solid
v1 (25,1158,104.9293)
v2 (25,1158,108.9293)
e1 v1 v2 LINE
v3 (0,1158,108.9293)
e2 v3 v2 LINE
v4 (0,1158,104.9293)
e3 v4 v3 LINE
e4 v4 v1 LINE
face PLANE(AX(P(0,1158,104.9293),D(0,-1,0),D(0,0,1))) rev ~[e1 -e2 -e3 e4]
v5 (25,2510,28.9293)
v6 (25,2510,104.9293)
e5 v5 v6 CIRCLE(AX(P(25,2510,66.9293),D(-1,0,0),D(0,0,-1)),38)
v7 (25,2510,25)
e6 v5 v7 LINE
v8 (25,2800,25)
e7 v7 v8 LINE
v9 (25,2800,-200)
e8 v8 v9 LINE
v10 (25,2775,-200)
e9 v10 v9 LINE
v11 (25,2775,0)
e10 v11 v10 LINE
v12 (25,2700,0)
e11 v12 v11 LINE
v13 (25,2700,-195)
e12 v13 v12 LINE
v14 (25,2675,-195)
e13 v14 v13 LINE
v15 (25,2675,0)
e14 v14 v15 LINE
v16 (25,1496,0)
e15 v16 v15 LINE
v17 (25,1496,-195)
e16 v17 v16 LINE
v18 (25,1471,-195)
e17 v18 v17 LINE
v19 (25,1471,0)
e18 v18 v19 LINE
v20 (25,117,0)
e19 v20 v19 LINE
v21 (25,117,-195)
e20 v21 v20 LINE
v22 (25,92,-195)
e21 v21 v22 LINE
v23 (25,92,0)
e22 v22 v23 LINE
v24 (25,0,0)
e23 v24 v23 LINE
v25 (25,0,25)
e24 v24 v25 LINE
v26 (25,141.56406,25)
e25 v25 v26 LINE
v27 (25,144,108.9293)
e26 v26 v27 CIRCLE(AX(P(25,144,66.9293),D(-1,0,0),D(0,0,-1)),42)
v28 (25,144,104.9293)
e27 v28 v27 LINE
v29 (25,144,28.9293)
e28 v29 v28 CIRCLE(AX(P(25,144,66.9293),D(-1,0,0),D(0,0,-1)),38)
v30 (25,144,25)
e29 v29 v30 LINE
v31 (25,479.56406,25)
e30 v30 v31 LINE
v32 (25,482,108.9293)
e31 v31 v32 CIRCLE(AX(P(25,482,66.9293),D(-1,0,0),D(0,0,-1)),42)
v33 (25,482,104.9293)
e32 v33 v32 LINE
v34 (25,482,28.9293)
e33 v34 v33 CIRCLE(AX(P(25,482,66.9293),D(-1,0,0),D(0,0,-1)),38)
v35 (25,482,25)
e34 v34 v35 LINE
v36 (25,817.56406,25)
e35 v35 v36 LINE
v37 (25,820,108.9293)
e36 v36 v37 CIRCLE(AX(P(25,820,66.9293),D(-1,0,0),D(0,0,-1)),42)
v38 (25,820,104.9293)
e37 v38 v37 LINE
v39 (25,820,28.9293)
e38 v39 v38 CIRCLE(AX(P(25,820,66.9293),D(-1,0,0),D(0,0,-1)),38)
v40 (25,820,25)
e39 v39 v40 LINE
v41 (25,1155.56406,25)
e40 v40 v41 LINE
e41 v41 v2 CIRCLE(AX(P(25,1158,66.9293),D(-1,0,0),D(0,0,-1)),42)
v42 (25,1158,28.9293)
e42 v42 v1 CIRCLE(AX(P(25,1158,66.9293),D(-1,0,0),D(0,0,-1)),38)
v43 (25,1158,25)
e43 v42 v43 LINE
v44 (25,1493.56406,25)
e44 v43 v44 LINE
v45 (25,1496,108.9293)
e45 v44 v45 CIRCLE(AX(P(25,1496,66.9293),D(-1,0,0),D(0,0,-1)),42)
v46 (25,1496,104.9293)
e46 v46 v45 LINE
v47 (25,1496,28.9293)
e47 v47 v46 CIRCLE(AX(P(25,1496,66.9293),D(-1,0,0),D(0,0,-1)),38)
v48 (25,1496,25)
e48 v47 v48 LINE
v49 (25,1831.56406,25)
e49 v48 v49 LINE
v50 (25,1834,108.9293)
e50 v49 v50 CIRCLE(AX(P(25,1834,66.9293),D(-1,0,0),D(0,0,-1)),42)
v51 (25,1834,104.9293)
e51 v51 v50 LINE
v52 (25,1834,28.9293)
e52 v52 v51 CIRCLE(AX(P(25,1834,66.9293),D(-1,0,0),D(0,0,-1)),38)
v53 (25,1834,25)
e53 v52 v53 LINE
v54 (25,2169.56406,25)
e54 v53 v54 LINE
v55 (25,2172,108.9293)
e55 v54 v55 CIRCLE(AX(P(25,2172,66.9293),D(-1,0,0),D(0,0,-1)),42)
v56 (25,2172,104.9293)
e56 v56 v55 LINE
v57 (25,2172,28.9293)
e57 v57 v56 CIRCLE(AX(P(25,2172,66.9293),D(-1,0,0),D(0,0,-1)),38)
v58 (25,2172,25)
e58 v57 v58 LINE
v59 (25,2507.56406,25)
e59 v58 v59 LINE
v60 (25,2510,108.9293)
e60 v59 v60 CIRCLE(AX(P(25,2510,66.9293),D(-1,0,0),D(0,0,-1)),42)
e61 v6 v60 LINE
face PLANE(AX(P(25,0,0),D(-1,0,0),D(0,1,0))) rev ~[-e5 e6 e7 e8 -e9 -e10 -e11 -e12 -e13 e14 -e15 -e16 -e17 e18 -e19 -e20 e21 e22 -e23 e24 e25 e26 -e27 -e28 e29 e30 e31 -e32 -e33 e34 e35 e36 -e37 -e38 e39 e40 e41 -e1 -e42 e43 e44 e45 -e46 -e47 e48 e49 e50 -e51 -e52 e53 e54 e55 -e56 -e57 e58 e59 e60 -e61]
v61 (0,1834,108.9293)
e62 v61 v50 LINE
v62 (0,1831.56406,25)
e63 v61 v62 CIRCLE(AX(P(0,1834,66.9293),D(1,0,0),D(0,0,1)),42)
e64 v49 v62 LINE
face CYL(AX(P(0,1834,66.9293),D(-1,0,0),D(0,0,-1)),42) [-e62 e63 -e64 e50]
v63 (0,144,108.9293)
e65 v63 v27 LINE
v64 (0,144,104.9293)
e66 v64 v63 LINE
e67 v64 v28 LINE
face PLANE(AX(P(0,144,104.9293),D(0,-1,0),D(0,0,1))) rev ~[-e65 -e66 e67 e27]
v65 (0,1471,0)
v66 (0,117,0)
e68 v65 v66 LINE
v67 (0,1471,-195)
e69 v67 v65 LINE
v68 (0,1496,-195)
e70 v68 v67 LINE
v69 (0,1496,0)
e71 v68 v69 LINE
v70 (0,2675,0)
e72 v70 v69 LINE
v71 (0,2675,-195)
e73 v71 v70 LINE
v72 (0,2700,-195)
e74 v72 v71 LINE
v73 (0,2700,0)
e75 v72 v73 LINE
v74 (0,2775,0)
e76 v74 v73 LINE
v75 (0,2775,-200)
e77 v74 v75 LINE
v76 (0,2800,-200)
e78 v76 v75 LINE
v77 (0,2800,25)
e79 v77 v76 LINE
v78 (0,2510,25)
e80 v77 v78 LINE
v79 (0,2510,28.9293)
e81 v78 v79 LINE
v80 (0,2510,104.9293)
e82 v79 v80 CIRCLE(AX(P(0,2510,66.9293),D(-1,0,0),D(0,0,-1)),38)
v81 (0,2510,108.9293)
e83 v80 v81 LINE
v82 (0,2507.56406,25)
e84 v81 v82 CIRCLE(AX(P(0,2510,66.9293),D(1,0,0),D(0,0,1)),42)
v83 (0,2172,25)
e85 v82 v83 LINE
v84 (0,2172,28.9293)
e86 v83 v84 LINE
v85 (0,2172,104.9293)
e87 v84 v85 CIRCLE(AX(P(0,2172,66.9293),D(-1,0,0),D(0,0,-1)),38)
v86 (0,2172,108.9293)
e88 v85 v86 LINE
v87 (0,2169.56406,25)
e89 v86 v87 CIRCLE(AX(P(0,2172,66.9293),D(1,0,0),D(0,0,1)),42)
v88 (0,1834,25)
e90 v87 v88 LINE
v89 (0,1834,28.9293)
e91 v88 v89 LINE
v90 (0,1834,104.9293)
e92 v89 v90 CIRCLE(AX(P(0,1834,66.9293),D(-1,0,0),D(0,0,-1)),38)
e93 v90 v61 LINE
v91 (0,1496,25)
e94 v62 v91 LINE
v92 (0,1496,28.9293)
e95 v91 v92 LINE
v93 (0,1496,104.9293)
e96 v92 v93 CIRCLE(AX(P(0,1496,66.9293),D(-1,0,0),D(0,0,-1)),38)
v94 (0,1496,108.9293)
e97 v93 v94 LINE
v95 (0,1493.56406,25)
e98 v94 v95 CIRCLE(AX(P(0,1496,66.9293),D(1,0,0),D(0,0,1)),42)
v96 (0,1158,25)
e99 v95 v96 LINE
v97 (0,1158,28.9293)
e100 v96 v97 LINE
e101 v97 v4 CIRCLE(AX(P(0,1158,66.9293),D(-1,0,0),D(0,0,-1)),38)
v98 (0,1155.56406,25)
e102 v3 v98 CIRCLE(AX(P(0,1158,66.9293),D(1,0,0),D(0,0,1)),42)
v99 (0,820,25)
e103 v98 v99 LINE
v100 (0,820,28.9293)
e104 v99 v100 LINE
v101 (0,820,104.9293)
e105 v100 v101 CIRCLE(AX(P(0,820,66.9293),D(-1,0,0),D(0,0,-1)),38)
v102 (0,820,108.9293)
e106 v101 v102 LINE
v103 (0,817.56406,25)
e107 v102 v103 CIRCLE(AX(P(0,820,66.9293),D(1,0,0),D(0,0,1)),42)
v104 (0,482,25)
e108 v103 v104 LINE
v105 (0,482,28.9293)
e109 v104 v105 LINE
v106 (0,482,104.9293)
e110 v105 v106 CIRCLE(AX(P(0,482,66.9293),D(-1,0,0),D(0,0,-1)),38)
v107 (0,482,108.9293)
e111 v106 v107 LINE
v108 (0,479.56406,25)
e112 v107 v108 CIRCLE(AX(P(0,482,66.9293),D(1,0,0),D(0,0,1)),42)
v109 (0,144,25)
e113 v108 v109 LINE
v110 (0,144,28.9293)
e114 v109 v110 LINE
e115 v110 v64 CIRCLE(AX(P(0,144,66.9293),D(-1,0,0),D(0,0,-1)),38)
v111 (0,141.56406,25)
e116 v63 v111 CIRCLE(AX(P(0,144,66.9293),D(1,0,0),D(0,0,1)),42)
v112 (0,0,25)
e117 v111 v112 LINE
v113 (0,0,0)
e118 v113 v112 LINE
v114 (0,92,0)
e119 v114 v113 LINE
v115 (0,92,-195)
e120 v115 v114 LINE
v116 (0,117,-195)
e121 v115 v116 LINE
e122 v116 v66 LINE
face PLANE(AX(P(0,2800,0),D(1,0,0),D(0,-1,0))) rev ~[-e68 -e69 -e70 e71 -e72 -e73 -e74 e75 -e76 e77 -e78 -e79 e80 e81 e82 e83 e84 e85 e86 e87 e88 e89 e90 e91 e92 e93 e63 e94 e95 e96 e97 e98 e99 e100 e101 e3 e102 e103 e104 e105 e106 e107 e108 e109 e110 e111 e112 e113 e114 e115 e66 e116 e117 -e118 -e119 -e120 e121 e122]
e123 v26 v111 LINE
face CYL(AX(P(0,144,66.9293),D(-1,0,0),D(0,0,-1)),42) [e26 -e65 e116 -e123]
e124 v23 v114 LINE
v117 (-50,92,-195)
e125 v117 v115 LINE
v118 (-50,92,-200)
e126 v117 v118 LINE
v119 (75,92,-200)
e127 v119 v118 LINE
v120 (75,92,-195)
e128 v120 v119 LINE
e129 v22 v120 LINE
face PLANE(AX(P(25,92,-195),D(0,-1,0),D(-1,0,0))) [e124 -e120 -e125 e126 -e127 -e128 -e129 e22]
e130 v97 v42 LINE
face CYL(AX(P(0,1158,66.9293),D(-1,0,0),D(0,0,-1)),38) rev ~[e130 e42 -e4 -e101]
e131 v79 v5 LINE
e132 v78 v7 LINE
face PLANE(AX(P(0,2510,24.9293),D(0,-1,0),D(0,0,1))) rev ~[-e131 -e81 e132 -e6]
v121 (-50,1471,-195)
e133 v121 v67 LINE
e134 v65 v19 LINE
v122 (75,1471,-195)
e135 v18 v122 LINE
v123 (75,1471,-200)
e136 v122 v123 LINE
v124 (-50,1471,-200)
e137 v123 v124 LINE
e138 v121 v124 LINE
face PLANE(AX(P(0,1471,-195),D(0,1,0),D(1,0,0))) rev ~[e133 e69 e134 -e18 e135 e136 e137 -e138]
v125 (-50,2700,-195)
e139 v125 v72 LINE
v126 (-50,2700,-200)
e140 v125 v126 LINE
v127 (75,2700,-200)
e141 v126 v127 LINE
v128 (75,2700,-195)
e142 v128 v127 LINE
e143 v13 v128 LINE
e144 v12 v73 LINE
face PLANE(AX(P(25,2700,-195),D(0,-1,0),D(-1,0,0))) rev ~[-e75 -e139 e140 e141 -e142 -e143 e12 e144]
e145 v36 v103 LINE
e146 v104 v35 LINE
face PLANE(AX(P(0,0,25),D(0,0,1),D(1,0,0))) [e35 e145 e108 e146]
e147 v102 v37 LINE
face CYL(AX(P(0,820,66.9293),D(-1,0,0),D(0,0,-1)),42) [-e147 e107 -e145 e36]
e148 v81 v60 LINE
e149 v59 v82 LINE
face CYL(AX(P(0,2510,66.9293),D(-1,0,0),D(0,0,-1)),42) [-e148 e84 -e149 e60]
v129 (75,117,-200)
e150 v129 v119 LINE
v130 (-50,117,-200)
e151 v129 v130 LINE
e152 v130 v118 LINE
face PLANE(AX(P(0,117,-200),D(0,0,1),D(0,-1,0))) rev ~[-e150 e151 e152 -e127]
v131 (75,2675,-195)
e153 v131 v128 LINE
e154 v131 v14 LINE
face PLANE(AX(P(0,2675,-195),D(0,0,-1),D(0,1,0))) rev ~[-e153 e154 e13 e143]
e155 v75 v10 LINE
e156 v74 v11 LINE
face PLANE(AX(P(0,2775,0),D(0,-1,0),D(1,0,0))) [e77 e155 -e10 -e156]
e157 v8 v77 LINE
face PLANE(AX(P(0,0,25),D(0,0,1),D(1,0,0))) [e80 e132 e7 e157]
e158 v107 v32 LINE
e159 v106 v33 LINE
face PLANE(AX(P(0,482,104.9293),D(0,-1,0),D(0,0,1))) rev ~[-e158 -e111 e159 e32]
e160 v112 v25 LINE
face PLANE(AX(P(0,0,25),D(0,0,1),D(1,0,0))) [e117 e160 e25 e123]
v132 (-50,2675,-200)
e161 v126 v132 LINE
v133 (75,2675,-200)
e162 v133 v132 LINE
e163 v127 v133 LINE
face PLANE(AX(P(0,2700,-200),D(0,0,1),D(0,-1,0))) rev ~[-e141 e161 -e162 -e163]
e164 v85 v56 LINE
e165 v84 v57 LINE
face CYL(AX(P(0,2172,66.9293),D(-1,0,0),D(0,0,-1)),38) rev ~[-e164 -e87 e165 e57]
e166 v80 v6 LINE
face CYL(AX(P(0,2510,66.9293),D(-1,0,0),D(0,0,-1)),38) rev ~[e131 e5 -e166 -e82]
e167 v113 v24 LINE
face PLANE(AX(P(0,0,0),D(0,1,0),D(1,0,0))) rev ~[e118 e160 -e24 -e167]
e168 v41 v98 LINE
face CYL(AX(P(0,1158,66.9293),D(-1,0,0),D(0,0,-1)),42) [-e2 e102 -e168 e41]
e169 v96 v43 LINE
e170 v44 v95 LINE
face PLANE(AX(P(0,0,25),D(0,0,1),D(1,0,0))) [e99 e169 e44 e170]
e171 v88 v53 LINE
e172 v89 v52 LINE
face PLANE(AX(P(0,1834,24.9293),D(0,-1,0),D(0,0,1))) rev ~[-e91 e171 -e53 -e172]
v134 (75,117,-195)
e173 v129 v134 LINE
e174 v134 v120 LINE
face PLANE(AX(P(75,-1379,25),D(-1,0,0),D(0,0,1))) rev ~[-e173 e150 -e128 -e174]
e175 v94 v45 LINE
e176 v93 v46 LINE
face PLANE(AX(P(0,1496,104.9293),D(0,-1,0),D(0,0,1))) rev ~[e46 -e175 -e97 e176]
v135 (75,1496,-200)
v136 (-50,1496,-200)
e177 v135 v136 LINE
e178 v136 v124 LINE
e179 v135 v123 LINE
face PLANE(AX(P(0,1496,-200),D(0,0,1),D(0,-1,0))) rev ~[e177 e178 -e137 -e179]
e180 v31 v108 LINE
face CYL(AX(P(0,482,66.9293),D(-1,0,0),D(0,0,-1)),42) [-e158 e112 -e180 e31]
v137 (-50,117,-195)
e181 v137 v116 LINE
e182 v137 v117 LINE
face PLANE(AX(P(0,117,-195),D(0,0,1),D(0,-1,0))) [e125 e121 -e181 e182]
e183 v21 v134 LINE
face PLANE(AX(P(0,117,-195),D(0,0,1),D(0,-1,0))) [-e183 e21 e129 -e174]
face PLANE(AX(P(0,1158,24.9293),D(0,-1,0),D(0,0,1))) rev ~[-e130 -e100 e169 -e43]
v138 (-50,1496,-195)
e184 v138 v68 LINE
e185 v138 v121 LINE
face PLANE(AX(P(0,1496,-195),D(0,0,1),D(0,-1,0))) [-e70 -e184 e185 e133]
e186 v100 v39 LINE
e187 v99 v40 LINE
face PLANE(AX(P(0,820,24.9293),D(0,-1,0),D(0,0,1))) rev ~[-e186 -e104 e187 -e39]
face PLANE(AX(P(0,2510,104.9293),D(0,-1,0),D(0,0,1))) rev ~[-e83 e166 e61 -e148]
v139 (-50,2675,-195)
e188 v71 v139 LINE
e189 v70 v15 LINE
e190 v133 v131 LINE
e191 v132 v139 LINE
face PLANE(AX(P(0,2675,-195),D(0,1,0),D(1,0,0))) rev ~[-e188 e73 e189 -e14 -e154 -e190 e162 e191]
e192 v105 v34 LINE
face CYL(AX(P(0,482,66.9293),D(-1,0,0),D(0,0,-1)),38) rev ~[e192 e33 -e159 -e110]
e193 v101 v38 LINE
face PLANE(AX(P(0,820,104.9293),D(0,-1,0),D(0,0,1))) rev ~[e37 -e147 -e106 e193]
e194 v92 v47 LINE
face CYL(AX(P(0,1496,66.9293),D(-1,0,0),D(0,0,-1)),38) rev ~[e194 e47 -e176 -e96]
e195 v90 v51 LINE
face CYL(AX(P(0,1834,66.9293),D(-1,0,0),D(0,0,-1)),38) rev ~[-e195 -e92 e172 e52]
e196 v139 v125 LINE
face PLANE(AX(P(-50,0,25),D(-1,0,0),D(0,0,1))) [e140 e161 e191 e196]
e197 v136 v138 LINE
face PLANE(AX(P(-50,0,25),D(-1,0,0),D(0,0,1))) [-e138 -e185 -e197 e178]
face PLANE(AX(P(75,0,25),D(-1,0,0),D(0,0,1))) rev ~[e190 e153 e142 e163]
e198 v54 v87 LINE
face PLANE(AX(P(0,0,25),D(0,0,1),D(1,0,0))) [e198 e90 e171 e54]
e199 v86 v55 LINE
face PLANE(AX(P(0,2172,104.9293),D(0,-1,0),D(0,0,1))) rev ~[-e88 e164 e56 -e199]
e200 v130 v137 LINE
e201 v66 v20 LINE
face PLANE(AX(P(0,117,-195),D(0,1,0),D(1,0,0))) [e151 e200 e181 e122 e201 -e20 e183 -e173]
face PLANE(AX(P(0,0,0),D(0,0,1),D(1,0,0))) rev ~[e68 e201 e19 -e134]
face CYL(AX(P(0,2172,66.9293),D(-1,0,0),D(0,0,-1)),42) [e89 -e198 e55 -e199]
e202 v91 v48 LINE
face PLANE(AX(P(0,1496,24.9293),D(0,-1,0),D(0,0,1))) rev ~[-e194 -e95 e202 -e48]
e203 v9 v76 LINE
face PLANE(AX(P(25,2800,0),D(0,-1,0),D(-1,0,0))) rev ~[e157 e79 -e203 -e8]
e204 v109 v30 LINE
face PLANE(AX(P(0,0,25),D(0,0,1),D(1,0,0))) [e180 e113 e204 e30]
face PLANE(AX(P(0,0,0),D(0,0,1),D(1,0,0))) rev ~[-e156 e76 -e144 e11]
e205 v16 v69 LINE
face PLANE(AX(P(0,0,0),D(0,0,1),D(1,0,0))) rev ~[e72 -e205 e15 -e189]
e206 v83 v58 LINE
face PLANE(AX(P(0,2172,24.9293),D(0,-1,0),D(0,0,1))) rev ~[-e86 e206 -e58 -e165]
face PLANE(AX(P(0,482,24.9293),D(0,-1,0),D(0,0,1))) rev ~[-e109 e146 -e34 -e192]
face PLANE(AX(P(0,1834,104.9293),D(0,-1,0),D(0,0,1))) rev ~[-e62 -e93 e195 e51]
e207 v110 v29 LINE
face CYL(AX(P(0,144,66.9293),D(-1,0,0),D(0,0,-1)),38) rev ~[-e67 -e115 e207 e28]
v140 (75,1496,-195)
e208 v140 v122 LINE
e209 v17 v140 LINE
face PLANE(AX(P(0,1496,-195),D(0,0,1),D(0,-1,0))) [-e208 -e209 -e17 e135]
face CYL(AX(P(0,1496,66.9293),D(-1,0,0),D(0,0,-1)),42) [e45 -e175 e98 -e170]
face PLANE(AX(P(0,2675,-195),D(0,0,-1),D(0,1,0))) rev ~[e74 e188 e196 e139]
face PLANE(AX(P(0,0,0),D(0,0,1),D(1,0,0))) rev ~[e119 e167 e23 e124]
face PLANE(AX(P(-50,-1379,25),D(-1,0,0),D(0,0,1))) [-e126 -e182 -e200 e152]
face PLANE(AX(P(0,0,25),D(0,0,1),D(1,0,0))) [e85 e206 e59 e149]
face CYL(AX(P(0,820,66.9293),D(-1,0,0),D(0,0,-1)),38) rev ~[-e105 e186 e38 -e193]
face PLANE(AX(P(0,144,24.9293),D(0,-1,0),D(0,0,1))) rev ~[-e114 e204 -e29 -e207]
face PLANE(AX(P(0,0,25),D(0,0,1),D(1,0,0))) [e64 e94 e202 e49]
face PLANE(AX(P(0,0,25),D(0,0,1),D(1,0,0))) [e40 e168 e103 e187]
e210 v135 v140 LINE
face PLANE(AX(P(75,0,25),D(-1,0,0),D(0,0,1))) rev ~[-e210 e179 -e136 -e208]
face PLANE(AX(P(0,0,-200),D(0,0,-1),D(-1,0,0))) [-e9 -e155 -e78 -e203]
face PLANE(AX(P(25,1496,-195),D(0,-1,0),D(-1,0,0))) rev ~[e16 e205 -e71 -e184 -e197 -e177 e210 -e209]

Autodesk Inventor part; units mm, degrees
ref_plane "YZ Plane" through (0, 0, 0) normal (1, 0, 0) x (0, 1, 0)
ref_plane "XZ Plane" through (0, 0, 0) normal (0, 1, 0) x (-1, 0, 0)
ref_plane "XY Plane" through (0, 0, 0) normal (0, 0, 1) x (1, 0, 0)
sketch "Sketch1" plane through (0, 0, 0) normal (0, 0, 1) x (1, 0, 0)
  line L0 (0, 0) -> (25, 0)
  line L1 (25, 0) -> (25, 2800)
  line L2 (25, 2800) -> (0, 2800)
  line L3 (0, 2800) -> (0, 0)
  dimension "d0" = 25
  dimension "d1" = 2800
extrude "Extrusion1" add sketch "Sketch1" along normal blind 25
sketch "Sketch2" plane through (0, 0, 0) normal (0, 0, -1) x (-1, 0, 0)
  line L0 (-25, 0) -> (-25, 2800) projected
  line L1 (0, 2800) -> (0, 0) projected
  line L2 (-25, 2800) -> (0, 2800)
  line L3 (0, 2800) -> (0, 2775)
  line L4 (0, 2775) -> (-25, 2775)
  line L5 (-25, 2775) -> (-25, 2800)
  dimension "d4" = 25
extrude "Extrusion2" add sketch "Sketch2" along normal blind 200
sketch "Sketch6" plane through (0, 0, 25) normal (-1, 0, 0) x (0, 0, 1)
  line L0 (-225, 2775) -> (-225, 2800) projected
  line L1 (-225, 2675) -> (-220, 2675)
  line L2 (-220, 2675) -> (-220, 2700)
  line L3 (-220, 2700) -> (-225, 2700)
  line L4 (-225, 2700) -> (-225, 2675)
  point P0 (-25, 0)
  dimension "d13" = 5
  dimension "d14" = 25
extrude "Extrusion5" add sketch "Sketch6" along normal blind 50 and the other way blind 75
sketch "Sketch7" plane through (0, 0, 25) normal (-1, 0, 0) x (0, 0, 1)
  line L0 (-225, 1496) -> (-225, 1471) projected
  line L1 (-25, 1471) -> (-225, 1471) projected
  line L2 (-225, 1496) -> (-220, 1496)
  line L3 (-220, 1496) -> (-220, 1471)
  line L4 (-220, 1471) -> (-225, 1471)
  line L5 (-225, 1471) -> (-225, 1496)
  point P0 (-25, 0)
  dimension "d22" = 5
extrude "Extrusion6" add sketch "Sketch7" along normal blind 50 and the other way blind 75
sketch "Sketch8" plane through (0, 0, 25) normal (-1, 0, 0) x (0, 0, 1)
  arc A0 (-0.0707, 2510) -> (83.9293, 2510) centre (41.9293, 2510) ccw
  arc A1 (3.9293, 2510) -> (79.9293, 2510) centre (41.9293, 2510) ccw
  line L0 (-0.0707, 2510) -> (3.9293, 2510)
  line L1 (0, 0) -> (0, 2800) projected
  line L2 (79.9293, 2510) -> (83.9293, 2510)
  line L3 (0, 2800) -> (0, 0) projected
  line L4 (0, 2800) -> (42, 2800)
  point P0 (-25, 0)
  dimension "d31" = 4
  dimension "d39" = 42
  dimension "d40" = 290
extrude "Extrusion7" add sketch "Sketch8" against normal up to surface (25 mm away)
pattern_linear "Rectangular Pattern3" count 8 spacing 338 along (0, -1, 0) of "Extrusion7"
sketch "Sketch10" plane through (0, 2800, -200) normal (-1, 0, 0) x (0, 0, 1)
  line L0 (200, -2800) -> (225, -2800) projected
  line L1 (225, -2800) -> (267, -2800)
  dimension "d41" = 42
sketch "Sketch11" plane through (-50, 2700, -195) normal (0, 0, 1) x (1, 0, 0)
  line L0 (75, 0) -> (50, 0)
  line L1 (50, 0) -> (50, -25)
  line L2 (50, -25) -> (75, -25)
  line L3 (75, -25) -> (75, 0)
  line L4 (75, 0) -> (50, -25) construction
  line L5 (50, 0) -> (75, -25) construction
  line L6 (125, -25) -> (0, -25) projected
  point P0 (50, -2700)
  point P1 (62.5, -12.5)
  dimension "d42" = 25
  dimension "d43" = 25
  dimension "d49" = 0
extrude "Extrusion8" add sketch "Sketch11" along normal up to next
pattern_linear "Rectangular Pattern4" count 2 spacing 1204 along (0, -1, 0) of "Extrusion8"
pattern_linear "Rectangular Pattern5" count 2 spacing 1379 along (0, -1, 0) of "Extrusion6"
sketch "Sketch12" plane through (-50, 117, -195) normal (0, 0, 1) x (1, 0, 0)
  line L0 (50, 0) -> (75, 0)
  line L1 (75, 0) -> (75, -25)
  line L2 (75, -25) -> (50, -25)
  line L3 (50, -25) -> (50, 0)
  line L4 (50, 0) -> (75, -25) construction
  line L5 (75, 0) -> (50, -25) construction
  line L6 (125, -25) -> (0, -25) projected
  point P0 (50, -117)
  point P1 (62.5, -12.5)
  dimension "d53" = 25
  dimension "d54" = 25
  dimension "d55" = 0
extrude "Extrusion9" add sketch "Sketch12" along normal up to next
properties part number "Stand"
